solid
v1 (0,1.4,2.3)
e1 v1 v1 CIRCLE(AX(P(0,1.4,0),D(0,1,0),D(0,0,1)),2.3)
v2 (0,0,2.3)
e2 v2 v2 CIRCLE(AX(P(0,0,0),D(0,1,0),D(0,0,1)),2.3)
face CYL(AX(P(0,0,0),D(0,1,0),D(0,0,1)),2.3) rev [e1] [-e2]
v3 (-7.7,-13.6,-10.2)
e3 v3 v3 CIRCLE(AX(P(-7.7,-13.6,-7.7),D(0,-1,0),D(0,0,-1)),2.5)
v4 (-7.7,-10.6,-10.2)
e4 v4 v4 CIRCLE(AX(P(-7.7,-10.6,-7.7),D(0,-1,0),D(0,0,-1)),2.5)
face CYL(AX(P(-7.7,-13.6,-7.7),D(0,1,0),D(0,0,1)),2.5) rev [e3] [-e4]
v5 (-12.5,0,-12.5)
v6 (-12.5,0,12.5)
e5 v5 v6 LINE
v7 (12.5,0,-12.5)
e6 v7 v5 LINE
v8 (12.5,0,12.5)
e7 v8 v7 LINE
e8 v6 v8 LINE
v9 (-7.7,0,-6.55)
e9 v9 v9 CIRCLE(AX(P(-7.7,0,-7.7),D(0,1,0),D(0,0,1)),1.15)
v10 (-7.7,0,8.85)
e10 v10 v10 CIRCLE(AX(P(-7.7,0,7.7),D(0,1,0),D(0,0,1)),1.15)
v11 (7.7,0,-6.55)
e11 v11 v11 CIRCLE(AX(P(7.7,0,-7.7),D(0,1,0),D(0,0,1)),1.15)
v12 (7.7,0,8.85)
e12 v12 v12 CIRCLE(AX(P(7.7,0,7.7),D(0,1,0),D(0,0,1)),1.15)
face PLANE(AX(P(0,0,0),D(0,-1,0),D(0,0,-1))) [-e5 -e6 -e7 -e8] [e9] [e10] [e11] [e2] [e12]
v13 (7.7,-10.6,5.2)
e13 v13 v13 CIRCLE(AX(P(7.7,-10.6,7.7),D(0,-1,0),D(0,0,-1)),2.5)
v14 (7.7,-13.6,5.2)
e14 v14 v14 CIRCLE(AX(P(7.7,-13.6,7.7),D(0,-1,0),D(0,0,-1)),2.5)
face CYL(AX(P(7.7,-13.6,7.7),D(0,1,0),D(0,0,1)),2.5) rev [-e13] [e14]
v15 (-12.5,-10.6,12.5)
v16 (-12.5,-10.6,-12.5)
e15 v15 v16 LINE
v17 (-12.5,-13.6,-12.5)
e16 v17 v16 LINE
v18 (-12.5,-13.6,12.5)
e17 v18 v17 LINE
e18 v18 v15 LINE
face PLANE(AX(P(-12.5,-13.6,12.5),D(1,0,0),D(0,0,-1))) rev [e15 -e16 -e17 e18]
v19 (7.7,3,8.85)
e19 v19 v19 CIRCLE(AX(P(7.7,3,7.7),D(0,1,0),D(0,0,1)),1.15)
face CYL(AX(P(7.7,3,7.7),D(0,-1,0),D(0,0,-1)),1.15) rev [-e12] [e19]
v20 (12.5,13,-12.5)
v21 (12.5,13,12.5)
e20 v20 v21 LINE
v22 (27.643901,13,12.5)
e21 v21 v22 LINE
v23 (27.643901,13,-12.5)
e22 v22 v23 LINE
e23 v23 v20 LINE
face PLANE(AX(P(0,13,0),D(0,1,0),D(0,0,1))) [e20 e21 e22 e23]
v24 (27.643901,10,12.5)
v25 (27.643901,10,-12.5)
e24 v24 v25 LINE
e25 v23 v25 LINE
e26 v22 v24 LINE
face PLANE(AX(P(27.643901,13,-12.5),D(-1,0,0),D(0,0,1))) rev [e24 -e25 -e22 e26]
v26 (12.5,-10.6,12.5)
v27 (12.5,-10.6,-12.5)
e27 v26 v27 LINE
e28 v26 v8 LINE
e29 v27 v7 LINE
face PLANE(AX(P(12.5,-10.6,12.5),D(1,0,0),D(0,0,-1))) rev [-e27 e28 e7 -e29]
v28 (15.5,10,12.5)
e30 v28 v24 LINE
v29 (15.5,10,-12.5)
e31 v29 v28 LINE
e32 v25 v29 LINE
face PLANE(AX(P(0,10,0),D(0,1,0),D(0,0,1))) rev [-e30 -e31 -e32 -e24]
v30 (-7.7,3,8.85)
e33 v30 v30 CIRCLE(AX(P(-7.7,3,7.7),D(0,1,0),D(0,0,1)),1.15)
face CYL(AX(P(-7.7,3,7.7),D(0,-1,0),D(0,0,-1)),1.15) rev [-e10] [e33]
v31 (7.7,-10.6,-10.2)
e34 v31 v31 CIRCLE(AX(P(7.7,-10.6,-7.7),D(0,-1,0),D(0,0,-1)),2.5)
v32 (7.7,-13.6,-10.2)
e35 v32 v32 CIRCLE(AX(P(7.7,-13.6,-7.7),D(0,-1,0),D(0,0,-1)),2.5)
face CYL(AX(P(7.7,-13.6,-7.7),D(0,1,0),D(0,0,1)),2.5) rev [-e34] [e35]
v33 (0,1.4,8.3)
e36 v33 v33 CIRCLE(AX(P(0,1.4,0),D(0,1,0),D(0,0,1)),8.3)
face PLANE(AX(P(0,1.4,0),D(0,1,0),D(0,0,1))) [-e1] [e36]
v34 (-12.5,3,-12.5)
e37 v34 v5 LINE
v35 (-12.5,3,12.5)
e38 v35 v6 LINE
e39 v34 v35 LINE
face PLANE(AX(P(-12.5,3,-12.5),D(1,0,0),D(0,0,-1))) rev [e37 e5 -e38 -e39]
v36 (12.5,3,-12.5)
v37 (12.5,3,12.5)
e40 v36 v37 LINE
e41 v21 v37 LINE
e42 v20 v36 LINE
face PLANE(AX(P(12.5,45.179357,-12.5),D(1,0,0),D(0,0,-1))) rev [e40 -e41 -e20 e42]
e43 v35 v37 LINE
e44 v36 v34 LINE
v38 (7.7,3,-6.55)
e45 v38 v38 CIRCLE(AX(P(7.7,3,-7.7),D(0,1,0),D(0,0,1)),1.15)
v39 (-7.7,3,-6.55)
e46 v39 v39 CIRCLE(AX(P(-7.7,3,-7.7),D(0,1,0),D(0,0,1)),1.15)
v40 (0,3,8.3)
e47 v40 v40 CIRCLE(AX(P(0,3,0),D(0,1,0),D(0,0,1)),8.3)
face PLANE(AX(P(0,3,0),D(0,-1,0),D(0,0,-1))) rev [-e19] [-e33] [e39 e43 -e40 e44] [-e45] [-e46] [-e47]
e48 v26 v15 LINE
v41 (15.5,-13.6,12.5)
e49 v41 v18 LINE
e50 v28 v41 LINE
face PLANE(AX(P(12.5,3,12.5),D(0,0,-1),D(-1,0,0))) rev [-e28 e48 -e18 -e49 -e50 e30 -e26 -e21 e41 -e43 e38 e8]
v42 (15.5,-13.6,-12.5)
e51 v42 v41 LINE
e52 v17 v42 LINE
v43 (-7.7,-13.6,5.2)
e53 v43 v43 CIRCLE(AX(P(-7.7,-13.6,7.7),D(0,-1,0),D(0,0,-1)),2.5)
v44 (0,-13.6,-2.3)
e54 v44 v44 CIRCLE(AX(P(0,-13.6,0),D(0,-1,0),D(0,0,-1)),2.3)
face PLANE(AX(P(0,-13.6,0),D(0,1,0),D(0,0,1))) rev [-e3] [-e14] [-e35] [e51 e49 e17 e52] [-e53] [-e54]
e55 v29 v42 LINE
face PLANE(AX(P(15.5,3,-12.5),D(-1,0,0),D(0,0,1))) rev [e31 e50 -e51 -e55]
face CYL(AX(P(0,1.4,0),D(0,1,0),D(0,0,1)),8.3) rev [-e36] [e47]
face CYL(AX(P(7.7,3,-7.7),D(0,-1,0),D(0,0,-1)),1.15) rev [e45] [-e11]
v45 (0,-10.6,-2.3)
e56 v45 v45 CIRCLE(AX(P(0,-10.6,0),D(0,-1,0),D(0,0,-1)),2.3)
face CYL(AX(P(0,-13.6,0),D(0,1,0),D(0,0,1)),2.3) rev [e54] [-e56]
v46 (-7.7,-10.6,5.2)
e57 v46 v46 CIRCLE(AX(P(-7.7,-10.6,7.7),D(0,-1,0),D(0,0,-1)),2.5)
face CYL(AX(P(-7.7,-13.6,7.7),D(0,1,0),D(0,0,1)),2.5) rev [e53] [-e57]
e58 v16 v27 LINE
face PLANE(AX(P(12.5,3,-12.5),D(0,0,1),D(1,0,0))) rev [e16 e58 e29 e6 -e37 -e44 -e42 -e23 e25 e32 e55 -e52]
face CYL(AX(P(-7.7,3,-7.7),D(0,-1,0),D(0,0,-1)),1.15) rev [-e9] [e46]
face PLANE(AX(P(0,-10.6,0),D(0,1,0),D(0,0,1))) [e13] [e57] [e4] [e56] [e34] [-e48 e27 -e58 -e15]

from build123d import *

# Parameters (mm, degrees)
SKETCH1_R           = 1.15
BOSS_EXTRUDE1_DEPTH = 3
SKETCH2_W           = 3
SKETCH2_H           = 25
BOSS_EXTRUDE2_DEPTH = 7
SKETCH3_W           = 15.143900966
SKETCH3_H           = 25
BOSS_EXTRUDE3_DEPTH = 3
SKETCH4_R           = 8.3
CUT_EXTRUDE1_DEPTH  = 1.6
SKETCH5_R           = 2.3
CUT_EXTRUDE2_DEPTH  = 33.480690581
SKETCH6_W           = 3
SKETCH6_H           = 25
BOSS_EXTRUDE4_DEPTH = 10.6
SKETCH7_W           = 28
SKETCH7_H           = 25
SKETCH7_R           = 2.3
SKETCH7_R_2         = 2.5
BOSS_EXTRUDE5_DEPTH = 3


with BuildPart() as part:
    # Sketch1 → Boss-Extrude1 (new body)
    with BuildSketch(Plane(origin=(0, 0, 0), x_dir=(1, 0, 0), z_dir=(0, 1, 0))):
        Polygon((12.5, 12.5), (-12.5, 12.5), (-12.5, -12.5), (12.5, -12.5), (15.5, -12.5), (15.5, 12.5), align=None)
        with Locations(Location((-7.7, 7.7, 0), (0, 0, 270))):
            Circle(SKETCH1_R, mode=Mode.SUBTRACT)
        with Locations(Location((-7.7, -7.7, 0), (0, 0, 270))):
            Circle(SKETCH1_R, mode=Mode.SUBTRACT)
        with Locations(Location((7.7, -7.7, 0), (0, 0, 270))):
            Circle(SKETCH1_R, mode=Mode.SUBTRACT)
        with Locations(Location((7.7, 7.7, 0), (0, 0, 270))):
            Circle(SKETCH1_R, mode=Mode.SUBTRACT)
    extrude(amount=BOSS_EXTRUDE1_DEPTH)

    # Sketch2 → Boss-Extrude2 (add)
    with BuildSketch(Plane(origin=(0, 3, 0), x_dir=(1, 0, 0), z_dir=(0, 1, 0))):
        with Locations((14, 0)):
            Rectangle(SKETCH2_W, SKETCH2_H)
    extrude(amount=BOSS_EXTRUDE2_DEPTH)

    # Sketch3 → Boss-Extrude3 (add)
    with BuildSketch(Plane(origin=(0, 10, 0), x_dir=(1, 0, 0), z_dir=(0, 1, 0))):
        with Locations((20.071950483, 0)):
            Rectangle(SKETCH3_W, SKETCH3_H)
    extrude(amount=BOSS_EXTRUDE3_DEPTH)

    # Sketch4 → Cut-Extrude1 (cut)
    with BuildSketch(Plane(origin=(0, 3, 0), x_dir=(1, 0, 0), z_dir=(0, 1, 0))):
        with Locations(Location((0, 0, 0), (0, 0, 270))):
            Circle(SKETCH4_R)
    extrude(amount=-CUT_EXTRUDE1_DEPTH, mode=Mode.SUBTRACT)

    # Sketch5 → Cut-Extrude2 (cut, through all)
    with BuildSketch(Plane(origin=(0, 1.4, 0), x_dir=(1, 0, 0), z_dir=(0, 1, 0))):
        with Locations(Location((0, 0, 0), (0, 0, 270))):
            Circle(SKETCH5_R)
    extrude(amount=-CUT_EXTRUDE2_DEPTH, mode=Mode.SUBTRACT)

    # Sketch6 → Boss-Extrude4 (add)
    with BuildSketch(Plane.XZ):
        with Locations((14, 0)):
            Rectangle(SKETCH6_W, SKETCH6_H)
    extrude(amount=BOSS_EXTRUDE4_DEPTH)

    # Sketch7 → Boss-Extrude5 (add)
    with BuildSketch(Plane.XZ.offset(10.6)):
        with Locations((1.5, 0)):
            Rectangle(SKETCH7_W, SKETCH7_H)
        with Locations(Location((0, 0, 0), (0, 0, 90))):
            Circle(SKETCH7_R, mode=Mode.SUBTRACT)
        with Locations(Location((-7.7, 7.7, 0), (0, 0, 270))):
            Circle(SKETCH7_R_2, mode=Mode.SUBTRACT)
        with Locations(Location((-7.7, -7.7, 0), (0, 0, 270))):
            Circle(SKETCH7_R_2, mode=Mode.SUBTRACT)
        with Locations(Location((7.7, -7.7, 0), (0, 0, 270))):
            Circle(SKETCH7_R_2, mode=Mode.SUBTRACT)
        with Locations(Location((7.7, 7.7, 0), (0, 0, 270))):
            Circle(SKETCH7_R_2, mode=Mode.SUBTRACT)
    extrude(amount=BOSS_EXTRUDE5_DEPTH)


solid = part.part
